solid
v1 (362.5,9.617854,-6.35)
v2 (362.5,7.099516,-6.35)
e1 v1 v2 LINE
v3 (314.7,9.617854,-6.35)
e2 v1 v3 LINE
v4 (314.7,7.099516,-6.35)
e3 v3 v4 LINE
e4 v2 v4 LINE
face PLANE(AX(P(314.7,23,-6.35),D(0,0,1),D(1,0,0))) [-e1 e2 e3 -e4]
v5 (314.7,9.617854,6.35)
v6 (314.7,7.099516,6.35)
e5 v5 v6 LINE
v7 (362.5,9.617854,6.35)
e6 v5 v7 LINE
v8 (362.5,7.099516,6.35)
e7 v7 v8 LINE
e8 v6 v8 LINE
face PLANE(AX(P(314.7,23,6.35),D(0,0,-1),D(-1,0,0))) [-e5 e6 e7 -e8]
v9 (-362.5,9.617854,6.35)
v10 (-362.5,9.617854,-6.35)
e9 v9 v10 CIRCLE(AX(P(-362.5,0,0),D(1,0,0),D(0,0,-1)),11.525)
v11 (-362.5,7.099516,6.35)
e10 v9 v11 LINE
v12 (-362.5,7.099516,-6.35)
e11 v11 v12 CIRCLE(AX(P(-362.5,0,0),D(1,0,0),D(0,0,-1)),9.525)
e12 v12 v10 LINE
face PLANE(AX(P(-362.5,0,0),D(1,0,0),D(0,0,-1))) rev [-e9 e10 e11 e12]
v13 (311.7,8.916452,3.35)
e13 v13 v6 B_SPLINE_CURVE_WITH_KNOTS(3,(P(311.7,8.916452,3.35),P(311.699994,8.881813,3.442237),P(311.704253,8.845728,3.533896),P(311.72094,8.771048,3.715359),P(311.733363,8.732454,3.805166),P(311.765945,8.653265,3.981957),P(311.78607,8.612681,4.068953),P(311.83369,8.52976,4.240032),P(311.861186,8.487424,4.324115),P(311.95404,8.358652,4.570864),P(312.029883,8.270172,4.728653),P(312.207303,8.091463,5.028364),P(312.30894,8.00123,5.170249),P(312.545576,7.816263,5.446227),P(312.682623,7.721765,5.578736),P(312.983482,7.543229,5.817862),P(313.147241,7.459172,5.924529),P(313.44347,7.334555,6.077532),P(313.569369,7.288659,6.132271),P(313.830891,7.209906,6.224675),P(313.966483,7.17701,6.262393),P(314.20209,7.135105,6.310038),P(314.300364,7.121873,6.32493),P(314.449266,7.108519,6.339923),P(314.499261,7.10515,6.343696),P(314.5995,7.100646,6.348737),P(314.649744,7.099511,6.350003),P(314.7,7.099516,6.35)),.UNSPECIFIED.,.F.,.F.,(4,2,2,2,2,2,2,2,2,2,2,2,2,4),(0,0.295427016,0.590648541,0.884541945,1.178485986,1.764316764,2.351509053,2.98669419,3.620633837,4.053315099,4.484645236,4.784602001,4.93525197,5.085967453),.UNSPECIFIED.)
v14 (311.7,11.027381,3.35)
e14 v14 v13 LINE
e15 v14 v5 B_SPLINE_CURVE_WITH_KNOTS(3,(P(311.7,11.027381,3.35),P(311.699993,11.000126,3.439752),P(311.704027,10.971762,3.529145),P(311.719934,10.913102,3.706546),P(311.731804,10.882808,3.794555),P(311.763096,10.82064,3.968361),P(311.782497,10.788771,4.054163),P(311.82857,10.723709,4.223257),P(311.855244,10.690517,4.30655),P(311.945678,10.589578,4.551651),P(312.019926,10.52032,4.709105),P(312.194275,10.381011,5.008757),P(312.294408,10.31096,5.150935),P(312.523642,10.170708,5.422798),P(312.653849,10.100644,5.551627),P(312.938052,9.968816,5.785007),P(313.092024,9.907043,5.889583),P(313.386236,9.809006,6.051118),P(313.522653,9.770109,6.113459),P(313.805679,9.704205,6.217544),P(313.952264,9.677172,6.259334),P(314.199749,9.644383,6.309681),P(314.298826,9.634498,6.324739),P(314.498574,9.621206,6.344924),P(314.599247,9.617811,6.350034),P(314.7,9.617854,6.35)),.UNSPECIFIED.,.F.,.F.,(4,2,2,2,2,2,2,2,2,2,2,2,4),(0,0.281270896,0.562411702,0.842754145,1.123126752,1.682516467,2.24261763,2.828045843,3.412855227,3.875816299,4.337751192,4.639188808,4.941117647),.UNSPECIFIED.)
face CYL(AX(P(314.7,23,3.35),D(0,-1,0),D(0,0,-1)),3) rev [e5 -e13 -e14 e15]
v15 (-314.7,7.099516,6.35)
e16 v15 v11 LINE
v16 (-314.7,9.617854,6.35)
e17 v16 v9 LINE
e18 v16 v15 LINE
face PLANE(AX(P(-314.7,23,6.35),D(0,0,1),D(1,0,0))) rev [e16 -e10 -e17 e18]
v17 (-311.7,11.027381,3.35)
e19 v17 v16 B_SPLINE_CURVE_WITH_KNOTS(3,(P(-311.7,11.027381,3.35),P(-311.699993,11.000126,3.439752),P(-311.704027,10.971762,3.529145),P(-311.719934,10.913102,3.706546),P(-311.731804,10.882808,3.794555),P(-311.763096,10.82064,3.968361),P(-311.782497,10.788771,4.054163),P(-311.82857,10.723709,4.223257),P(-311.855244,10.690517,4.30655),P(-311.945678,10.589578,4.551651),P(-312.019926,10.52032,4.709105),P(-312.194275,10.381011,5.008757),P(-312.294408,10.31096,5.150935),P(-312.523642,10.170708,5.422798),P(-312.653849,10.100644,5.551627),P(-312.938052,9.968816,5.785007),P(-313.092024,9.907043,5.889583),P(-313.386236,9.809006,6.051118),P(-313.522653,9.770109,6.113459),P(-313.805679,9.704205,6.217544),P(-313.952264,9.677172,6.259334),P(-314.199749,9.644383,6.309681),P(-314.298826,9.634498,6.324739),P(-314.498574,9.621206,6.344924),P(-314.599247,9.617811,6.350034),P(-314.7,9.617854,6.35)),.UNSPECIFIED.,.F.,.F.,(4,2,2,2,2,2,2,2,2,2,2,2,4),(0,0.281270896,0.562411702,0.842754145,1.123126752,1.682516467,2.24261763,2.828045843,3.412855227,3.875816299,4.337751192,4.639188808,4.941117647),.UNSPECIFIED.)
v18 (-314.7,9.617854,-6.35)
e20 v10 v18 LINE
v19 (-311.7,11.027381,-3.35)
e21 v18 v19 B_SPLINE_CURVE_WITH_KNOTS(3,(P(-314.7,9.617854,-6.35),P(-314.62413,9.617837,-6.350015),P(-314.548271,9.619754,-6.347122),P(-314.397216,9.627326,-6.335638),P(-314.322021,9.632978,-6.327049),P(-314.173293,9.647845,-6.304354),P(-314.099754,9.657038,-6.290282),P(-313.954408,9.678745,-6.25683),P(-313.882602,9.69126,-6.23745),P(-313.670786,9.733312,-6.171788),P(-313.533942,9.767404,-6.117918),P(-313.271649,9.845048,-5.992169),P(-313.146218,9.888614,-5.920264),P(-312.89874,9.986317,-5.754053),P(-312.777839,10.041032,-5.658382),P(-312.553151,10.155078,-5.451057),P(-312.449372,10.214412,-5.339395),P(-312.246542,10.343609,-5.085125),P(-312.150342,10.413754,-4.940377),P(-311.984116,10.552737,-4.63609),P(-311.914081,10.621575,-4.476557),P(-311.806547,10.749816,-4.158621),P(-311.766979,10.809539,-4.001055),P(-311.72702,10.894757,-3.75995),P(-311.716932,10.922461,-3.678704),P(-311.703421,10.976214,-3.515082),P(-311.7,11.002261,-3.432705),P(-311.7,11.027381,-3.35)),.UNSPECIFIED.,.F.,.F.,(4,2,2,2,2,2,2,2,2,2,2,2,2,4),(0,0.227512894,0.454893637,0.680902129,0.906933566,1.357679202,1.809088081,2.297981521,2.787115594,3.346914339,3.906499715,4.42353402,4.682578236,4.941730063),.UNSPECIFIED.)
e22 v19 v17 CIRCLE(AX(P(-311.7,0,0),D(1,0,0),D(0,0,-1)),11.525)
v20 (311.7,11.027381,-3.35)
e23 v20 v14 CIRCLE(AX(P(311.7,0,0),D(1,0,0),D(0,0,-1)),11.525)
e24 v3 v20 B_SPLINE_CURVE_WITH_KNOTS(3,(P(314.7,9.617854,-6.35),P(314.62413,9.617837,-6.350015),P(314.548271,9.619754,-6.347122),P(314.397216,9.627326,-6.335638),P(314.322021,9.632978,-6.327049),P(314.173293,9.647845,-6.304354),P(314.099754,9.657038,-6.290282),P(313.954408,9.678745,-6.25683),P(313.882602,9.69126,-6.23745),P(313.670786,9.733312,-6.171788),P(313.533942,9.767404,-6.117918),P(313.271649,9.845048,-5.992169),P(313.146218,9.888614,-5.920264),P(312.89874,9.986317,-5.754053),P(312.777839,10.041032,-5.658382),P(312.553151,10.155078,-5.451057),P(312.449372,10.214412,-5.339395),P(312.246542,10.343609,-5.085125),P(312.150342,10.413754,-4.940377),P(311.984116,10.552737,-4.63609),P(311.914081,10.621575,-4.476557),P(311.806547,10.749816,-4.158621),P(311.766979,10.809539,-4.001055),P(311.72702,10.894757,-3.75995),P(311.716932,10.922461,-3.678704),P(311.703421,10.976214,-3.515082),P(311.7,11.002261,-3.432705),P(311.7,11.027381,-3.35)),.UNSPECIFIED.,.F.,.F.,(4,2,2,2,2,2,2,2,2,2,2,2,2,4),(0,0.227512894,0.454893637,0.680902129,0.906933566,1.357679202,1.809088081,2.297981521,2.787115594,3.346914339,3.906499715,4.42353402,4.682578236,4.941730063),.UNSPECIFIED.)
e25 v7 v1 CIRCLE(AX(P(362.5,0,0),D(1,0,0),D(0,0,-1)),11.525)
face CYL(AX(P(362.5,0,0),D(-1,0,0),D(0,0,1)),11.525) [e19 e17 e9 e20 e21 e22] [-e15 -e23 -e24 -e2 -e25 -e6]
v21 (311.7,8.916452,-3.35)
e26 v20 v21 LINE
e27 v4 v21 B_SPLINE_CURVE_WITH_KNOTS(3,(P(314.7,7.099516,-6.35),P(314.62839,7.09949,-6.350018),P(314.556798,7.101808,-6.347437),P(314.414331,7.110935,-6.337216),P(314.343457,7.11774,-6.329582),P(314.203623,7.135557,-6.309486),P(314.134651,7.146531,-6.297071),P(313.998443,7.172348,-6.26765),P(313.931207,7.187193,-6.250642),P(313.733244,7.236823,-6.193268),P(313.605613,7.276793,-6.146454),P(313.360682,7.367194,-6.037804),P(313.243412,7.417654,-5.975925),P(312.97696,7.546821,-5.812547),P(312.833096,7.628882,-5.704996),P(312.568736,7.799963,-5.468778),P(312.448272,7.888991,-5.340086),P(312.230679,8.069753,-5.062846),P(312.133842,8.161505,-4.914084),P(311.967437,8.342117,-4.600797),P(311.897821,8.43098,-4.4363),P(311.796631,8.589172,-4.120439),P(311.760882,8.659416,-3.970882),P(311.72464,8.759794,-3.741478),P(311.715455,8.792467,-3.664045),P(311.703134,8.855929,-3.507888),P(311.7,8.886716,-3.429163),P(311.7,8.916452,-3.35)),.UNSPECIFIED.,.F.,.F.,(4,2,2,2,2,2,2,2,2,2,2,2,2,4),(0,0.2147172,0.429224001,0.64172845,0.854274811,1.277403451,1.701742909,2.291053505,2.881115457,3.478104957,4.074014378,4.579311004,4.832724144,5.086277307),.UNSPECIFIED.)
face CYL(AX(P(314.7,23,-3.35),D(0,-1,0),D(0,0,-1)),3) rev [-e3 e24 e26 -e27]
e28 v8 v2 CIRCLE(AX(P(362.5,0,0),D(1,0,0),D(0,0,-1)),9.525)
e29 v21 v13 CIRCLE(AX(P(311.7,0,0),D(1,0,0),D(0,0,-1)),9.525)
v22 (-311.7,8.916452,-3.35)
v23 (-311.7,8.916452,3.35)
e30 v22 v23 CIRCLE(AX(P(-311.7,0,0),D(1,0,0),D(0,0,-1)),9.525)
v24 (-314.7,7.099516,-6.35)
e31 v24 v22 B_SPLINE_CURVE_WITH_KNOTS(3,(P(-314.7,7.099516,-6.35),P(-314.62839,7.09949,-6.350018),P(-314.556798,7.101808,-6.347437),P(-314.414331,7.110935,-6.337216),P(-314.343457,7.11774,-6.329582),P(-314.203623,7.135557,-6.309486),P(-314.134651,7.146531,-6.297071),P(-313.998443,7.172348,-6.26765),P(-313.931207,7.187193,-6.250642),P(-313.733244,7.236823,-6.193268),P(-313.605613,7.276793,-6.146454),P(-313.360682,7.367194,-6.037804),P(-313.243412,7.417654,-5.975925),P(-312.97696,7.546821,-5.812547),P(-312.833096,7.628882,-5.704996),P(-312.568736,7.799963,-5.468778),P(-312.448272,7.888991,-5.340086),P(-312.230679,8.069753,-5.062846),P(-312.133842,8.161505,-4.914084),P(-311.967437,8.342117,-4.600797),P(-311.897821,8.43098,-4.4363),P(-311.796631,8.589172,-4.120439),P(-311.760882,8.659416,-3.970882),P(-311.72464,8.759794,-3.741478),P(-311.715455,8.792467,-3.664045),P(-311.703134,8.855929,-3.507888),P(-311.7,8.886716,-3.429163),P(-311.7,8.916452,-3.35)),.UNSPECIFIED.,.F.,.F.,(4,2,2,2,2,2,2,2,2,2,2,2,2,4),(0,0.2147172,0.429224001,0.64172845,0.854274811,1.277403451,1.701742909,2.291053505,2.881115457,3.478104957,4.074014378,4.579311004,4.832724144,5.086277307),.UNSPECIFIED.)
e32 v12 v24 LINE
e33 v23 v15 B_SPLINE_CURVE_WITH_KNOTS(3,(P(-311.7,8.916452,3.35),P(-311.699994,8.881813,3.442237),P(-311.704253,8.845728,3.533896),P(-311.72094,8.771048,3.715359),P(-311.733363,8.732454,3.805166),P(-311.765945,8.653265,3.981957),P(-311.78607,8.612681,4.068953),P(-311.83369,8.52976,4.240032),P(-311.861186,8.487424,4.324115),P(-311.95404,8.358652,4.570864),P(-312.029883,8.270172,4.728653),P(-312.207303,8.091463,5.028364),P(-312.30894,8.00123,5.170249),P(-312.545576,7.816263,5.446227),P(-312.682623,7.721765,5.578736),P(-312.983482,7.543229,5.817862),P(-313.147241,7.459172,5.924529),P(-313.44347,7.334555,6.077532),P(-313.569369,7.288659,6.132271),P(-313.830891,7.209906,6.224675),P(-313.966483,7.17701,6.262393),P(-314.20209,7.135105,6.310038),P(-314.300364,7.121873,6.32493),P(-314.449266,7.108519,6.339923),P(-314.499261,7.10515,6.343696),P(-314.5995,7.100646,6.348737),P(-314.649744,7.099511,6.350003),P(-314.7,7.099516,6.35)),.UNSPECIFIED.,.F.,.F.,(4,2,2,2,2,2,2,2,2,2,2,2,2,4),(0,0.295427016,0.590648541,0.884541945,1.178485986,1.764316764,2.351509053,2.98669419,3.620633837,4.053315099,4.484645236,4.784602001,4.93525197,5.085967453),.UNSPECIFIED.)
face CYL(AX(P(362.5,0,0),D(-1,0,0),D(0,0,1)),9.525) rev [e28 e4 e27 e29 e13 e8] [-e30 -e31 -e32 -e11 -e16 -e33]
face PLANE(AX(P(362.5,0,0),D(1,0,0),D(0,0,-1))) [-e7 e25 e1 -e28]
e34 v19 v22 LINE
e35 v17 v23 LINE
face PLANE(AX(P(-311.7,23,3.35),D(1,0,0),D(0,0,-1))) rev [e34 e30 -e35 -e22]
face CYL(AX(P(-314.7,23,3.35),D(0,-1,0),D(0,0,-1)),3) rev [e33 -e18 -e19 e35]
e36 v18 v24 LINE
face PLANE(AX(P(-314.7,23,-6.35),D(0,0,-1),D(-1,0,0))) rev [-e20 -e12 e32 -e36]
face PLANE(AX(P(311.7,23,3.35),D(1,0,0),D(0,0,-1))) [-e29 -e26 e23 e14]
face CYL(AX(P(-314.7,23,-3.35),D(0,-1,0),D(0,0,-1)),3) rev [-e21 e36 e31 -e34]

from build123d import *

# Parameters (mm, degrees)
SKETCH1_R           = 11.525
SKETCH1_R_2         = 9.525
EXTRUDE_THIN1_DEPTH = 362.5
CUT_EXTRUDE1_DEPTH  = 23


with BuildPart() as part:
    # Sketch1 → Extrude-Thin1 (new, symmetric)
    with BuildSketch(Plane(origin=(0, 0, 0), x_dir=(0, 0, -1), z_dir=(1, 0, 0))):
        Circle(SKETCH1_R)
        Circle(SKETCH1_R_2, mode=Mode.SUBTRACT)
    extrude(amount=EXTRUDE_THIN1_DEPTH, both=True)

    # Sketch2 → Cut-Extrude1 (cut)
    with BuildSketch(Plane(origin=(0, 0, 0), x_dir=(1, 0, 0), z_dir=(0, 1, 0))):
        with BuildLine():
            Line((314.7, -6.35), (362.5, -6.35))
            Line((362.5, -6.35), (362.5, 6.35))
            Line((362.5, 6.35), (314.7, 6.35))
            ThreePointArc((314.7, 6.35), (312.578679656, 5.471320344), (311.7, 3.35))
            Line((311.7, 3.35), (311.7, -3.35))
            ThreePointArc((311.7, -3.35), (312.578679656, -5.471320344), (314.7, -6.35))
        make_face()
    cut_extrude1 = extrude(amount=CUT_EXTRUDE1_DEPTH, mode=Mode.SUBTRACT)

    # Mirror1: Cut-Extrude1 across plane
    add(cut_extrude1.mirror(Plane(origin=(0, 0, 0), x_dir=(0, 0, 1), z_dir=(1, 0, 0))), mode=Mode.SUBTRACT)


solid = part.part
